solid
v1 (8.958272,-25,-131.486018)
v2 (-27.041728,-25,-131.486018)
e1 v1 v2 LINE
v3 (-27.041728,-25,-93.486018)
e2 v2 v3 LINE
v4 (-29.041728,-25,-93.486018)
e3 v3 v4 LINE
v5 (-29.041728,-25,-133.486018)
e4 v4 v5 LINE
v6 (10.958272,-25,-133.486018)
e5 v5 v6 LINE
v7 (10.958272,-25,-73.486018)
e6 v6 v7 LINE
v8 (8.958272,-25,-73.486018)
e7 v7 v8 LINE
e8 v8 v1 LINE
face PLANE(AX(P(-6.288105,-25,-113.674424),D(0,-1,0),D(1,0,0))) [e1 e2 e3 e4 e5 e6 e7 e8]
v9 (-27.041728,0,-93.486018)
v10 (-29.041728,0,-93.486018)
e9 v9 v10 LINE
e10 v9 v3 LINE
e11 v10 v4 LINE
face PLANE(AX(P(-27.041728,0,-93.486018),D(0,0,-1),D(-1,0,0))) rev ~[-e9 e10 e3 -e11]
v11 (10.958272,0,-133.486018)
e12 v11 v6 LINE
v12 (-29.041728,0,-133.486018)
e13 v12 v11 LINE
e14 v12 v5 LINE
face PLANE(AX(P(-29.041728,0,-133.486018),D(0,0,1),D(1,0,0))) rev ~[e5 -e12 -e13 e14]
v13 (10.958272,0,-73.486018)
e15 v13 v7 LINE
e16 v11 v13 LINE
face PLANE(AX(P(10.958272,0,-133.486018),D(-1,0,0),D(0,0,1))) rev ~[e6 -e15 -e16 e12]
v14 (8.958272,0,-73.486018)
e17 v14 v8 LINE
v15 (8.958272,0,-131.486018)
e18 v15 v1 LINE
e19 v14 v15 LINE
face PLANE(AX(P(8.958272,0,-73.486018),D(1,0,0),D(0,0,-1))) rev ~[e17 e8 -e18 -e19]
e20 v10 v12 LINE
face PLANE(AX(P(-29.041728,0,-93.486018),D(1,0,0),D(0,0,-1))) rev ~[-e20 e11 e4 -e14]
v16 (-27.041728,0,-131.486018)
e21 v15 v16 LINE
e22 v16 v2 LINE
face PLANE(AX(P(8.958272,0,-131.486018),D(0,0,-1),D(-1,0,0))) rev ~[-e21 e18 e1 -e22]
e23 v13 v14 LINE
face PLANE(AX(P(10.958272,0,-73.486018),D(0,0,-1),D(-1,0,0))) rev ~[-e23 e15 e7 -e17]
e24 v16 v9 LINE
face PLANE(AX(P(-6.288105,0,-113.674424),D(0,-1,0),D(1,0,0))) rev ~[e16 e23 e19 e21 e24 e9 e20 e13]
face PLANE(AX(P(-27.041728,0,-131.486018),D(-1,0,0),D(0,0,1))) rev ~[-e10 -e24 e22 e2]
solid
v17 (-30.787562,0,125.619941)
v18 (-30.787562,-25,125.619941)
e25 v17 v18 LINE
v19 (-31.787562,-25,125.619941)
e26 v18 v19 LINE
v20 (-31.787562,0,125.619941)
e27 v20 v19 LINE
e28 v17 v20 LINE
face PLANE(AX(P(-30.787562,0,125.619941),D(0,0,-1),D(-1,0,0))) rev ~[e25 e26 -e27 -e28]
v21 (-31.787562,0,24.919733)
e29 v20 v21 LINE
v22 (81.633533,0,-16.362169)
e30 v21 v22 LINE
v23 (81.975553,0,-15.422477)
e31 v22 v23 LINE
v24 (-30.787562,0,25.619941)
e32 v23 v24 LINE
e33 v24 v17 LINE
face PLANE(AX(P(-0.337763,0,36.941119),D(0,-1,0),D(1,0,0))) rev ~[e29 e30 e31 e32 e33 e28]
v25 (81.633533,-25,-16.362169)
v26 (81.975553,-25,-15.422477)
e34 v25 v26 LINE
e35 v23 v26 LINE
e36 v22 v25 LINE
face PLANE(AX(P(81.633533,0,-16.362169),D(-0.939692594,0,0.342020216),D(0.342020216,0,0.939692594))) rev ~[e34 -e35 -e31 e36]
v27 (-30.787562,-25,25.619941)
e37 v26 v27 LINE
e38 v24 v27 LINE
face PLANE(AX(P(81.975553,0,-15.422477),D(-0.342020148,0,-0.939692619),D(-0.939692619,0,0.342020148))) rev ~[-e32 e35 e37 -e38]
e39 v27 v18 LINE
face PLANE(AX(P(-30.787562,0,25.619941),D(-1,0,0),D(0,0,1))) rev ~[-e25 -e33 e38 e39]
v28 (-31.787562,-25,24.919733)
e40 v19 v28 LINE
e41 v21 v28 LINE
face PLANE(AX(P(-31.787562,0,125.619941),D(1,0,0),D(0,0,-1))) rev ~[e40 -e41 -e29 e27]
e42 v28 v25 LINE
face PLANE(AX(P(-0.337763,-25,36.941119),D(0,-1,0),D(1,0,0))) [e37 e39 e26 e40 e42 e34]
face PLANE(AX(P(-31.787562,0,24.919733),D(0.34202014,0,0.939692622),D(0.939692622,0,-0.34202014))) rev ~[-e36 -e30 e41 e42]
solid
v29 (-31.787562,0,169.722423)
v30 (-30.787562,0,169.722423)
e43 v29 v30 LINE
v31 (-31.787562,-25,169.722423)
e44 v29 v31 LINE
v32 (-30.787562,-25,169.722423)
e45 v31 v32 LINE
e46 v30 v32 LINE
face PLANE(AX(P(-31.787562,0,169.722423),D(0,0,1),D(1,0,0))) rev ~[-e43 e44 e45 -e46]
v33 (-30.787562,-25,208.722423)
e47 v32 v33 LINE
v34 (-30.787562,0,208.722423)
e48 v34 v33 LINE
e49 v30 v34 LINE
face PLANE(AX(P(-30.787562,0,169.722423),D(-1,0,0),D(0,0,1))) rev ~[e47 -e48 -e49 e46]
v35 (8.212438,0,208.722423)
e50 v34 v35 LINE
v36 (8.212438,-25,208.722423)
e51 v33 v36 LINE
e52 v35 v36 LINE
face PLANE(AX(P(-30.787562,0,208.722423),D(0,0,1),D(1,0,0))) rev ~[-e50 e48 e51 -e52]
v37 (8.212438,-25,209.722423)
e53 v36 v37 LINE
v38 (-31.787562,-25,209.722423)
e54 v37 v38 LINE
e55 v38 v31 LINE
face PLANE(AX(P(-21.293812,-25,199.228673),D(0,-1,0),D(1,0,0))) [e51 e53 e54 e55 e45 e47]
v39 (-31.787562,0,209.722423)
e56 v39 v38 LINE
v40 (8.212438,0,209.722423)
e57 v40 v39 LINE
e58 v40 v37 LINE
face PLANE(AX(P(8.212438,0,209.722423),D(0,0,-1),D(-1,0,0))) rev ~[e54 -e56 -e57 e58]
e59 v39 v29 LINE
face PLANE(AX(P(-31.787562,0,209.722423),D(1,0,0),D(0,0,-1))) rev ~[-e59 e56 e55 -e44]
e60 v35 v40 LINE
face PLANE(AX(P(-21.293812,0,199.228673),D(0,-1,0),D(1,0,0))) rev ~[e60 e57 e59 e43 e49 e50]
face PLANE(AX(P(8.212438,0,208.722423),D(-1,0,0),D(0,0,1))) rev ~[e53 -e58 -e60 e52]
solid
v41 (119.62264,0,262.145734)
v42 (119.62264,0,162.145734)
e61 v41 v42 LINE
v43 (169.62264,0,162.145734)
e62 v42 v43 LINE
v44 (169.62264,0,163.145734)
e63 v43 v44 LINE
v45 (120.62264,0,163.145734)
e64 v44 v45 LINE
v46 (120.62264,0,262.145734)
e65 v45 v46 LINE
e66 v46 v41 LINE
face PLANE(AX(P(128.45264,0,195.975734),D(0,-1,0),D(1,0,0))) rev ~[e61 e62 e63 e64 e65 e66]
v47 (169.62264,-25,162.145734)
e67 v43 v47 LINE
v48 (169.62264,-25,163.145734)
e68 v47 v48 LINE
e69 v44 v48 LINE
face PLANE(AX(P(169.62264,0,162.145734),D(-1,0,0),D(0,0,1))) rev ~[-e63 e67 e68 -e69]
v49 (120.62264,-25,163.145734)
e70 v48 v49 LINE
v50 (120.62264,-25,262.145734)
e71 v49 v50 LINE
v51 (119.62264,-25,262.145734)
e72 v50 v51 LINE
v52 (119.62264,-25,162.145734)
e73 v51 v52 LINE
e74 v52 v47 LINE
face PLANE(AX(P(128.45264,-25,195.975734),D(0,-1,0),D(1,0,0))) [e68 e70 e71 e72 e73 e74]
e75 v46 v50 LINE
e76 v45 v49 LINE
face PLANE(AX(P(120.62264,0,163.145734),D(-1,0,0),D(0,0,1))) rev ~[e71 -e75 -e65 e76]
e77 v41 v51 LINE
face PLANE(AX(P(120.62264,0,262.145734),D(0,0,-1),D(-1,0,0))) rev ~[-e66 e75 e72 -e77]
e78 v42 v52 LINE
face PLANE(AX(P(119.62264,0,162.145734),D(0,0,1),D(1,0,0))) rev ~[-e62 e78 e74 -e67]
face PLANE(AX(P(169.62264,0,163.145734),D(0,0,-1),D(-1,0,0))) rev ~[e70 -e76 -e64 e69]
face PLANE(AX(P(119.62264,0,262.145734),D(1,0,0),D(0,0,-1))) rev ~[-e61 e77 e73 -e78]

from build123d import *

# Parameters (mm, degrees)
F1_DEPTH = 25
F3_DEPTH = 25


with BuildPart() as f1:
    # F0 (on Front) → F1 (new body)
    with BuildSketch(Plane.XZ):
        Polygon((-30.787562, 25.619941), (-30.787562, 125.619941), (-31.787562, 125.619941), (-31.787562, 24.919733), (81.633533, -16.362169), (81.975553, -15.422477), align=None)
        Polygon((-27.041728, -93.486018), (-29.041728, -93.486018), (-29.041728, -133.486018), (10.958272, -133.486018), (10.958272, -73.486018), (8.958272, -73.486018), (8.958272, -131.486018), (-27.041728, -131.486018), align=None)
        Polygon((-31.787562, 209.722423), (-31.787562, 169.722423), (-30.787562, 169.722423), (-30.787562, 208.722423), (8.212438, 208.722423), (8.212438, 209.722423), align=None)
    extrude(amount=F1_DEPTH)


with BuildPart() as f3:
    # F2 (on Front) → F3 (new body)
    with BuildSketch(Plane.XZ):
        Polygon((120.62264, 262.145734), (119.62264, 262.145734), (119.62264, 162.145734), (169.62264, 162.145734), (169.62264, 163.145734), (120.62264, 163.145734), align=None)
    extrude(amount=F3_DEPTH)


solid = Compound([f1.part, f3.part])
